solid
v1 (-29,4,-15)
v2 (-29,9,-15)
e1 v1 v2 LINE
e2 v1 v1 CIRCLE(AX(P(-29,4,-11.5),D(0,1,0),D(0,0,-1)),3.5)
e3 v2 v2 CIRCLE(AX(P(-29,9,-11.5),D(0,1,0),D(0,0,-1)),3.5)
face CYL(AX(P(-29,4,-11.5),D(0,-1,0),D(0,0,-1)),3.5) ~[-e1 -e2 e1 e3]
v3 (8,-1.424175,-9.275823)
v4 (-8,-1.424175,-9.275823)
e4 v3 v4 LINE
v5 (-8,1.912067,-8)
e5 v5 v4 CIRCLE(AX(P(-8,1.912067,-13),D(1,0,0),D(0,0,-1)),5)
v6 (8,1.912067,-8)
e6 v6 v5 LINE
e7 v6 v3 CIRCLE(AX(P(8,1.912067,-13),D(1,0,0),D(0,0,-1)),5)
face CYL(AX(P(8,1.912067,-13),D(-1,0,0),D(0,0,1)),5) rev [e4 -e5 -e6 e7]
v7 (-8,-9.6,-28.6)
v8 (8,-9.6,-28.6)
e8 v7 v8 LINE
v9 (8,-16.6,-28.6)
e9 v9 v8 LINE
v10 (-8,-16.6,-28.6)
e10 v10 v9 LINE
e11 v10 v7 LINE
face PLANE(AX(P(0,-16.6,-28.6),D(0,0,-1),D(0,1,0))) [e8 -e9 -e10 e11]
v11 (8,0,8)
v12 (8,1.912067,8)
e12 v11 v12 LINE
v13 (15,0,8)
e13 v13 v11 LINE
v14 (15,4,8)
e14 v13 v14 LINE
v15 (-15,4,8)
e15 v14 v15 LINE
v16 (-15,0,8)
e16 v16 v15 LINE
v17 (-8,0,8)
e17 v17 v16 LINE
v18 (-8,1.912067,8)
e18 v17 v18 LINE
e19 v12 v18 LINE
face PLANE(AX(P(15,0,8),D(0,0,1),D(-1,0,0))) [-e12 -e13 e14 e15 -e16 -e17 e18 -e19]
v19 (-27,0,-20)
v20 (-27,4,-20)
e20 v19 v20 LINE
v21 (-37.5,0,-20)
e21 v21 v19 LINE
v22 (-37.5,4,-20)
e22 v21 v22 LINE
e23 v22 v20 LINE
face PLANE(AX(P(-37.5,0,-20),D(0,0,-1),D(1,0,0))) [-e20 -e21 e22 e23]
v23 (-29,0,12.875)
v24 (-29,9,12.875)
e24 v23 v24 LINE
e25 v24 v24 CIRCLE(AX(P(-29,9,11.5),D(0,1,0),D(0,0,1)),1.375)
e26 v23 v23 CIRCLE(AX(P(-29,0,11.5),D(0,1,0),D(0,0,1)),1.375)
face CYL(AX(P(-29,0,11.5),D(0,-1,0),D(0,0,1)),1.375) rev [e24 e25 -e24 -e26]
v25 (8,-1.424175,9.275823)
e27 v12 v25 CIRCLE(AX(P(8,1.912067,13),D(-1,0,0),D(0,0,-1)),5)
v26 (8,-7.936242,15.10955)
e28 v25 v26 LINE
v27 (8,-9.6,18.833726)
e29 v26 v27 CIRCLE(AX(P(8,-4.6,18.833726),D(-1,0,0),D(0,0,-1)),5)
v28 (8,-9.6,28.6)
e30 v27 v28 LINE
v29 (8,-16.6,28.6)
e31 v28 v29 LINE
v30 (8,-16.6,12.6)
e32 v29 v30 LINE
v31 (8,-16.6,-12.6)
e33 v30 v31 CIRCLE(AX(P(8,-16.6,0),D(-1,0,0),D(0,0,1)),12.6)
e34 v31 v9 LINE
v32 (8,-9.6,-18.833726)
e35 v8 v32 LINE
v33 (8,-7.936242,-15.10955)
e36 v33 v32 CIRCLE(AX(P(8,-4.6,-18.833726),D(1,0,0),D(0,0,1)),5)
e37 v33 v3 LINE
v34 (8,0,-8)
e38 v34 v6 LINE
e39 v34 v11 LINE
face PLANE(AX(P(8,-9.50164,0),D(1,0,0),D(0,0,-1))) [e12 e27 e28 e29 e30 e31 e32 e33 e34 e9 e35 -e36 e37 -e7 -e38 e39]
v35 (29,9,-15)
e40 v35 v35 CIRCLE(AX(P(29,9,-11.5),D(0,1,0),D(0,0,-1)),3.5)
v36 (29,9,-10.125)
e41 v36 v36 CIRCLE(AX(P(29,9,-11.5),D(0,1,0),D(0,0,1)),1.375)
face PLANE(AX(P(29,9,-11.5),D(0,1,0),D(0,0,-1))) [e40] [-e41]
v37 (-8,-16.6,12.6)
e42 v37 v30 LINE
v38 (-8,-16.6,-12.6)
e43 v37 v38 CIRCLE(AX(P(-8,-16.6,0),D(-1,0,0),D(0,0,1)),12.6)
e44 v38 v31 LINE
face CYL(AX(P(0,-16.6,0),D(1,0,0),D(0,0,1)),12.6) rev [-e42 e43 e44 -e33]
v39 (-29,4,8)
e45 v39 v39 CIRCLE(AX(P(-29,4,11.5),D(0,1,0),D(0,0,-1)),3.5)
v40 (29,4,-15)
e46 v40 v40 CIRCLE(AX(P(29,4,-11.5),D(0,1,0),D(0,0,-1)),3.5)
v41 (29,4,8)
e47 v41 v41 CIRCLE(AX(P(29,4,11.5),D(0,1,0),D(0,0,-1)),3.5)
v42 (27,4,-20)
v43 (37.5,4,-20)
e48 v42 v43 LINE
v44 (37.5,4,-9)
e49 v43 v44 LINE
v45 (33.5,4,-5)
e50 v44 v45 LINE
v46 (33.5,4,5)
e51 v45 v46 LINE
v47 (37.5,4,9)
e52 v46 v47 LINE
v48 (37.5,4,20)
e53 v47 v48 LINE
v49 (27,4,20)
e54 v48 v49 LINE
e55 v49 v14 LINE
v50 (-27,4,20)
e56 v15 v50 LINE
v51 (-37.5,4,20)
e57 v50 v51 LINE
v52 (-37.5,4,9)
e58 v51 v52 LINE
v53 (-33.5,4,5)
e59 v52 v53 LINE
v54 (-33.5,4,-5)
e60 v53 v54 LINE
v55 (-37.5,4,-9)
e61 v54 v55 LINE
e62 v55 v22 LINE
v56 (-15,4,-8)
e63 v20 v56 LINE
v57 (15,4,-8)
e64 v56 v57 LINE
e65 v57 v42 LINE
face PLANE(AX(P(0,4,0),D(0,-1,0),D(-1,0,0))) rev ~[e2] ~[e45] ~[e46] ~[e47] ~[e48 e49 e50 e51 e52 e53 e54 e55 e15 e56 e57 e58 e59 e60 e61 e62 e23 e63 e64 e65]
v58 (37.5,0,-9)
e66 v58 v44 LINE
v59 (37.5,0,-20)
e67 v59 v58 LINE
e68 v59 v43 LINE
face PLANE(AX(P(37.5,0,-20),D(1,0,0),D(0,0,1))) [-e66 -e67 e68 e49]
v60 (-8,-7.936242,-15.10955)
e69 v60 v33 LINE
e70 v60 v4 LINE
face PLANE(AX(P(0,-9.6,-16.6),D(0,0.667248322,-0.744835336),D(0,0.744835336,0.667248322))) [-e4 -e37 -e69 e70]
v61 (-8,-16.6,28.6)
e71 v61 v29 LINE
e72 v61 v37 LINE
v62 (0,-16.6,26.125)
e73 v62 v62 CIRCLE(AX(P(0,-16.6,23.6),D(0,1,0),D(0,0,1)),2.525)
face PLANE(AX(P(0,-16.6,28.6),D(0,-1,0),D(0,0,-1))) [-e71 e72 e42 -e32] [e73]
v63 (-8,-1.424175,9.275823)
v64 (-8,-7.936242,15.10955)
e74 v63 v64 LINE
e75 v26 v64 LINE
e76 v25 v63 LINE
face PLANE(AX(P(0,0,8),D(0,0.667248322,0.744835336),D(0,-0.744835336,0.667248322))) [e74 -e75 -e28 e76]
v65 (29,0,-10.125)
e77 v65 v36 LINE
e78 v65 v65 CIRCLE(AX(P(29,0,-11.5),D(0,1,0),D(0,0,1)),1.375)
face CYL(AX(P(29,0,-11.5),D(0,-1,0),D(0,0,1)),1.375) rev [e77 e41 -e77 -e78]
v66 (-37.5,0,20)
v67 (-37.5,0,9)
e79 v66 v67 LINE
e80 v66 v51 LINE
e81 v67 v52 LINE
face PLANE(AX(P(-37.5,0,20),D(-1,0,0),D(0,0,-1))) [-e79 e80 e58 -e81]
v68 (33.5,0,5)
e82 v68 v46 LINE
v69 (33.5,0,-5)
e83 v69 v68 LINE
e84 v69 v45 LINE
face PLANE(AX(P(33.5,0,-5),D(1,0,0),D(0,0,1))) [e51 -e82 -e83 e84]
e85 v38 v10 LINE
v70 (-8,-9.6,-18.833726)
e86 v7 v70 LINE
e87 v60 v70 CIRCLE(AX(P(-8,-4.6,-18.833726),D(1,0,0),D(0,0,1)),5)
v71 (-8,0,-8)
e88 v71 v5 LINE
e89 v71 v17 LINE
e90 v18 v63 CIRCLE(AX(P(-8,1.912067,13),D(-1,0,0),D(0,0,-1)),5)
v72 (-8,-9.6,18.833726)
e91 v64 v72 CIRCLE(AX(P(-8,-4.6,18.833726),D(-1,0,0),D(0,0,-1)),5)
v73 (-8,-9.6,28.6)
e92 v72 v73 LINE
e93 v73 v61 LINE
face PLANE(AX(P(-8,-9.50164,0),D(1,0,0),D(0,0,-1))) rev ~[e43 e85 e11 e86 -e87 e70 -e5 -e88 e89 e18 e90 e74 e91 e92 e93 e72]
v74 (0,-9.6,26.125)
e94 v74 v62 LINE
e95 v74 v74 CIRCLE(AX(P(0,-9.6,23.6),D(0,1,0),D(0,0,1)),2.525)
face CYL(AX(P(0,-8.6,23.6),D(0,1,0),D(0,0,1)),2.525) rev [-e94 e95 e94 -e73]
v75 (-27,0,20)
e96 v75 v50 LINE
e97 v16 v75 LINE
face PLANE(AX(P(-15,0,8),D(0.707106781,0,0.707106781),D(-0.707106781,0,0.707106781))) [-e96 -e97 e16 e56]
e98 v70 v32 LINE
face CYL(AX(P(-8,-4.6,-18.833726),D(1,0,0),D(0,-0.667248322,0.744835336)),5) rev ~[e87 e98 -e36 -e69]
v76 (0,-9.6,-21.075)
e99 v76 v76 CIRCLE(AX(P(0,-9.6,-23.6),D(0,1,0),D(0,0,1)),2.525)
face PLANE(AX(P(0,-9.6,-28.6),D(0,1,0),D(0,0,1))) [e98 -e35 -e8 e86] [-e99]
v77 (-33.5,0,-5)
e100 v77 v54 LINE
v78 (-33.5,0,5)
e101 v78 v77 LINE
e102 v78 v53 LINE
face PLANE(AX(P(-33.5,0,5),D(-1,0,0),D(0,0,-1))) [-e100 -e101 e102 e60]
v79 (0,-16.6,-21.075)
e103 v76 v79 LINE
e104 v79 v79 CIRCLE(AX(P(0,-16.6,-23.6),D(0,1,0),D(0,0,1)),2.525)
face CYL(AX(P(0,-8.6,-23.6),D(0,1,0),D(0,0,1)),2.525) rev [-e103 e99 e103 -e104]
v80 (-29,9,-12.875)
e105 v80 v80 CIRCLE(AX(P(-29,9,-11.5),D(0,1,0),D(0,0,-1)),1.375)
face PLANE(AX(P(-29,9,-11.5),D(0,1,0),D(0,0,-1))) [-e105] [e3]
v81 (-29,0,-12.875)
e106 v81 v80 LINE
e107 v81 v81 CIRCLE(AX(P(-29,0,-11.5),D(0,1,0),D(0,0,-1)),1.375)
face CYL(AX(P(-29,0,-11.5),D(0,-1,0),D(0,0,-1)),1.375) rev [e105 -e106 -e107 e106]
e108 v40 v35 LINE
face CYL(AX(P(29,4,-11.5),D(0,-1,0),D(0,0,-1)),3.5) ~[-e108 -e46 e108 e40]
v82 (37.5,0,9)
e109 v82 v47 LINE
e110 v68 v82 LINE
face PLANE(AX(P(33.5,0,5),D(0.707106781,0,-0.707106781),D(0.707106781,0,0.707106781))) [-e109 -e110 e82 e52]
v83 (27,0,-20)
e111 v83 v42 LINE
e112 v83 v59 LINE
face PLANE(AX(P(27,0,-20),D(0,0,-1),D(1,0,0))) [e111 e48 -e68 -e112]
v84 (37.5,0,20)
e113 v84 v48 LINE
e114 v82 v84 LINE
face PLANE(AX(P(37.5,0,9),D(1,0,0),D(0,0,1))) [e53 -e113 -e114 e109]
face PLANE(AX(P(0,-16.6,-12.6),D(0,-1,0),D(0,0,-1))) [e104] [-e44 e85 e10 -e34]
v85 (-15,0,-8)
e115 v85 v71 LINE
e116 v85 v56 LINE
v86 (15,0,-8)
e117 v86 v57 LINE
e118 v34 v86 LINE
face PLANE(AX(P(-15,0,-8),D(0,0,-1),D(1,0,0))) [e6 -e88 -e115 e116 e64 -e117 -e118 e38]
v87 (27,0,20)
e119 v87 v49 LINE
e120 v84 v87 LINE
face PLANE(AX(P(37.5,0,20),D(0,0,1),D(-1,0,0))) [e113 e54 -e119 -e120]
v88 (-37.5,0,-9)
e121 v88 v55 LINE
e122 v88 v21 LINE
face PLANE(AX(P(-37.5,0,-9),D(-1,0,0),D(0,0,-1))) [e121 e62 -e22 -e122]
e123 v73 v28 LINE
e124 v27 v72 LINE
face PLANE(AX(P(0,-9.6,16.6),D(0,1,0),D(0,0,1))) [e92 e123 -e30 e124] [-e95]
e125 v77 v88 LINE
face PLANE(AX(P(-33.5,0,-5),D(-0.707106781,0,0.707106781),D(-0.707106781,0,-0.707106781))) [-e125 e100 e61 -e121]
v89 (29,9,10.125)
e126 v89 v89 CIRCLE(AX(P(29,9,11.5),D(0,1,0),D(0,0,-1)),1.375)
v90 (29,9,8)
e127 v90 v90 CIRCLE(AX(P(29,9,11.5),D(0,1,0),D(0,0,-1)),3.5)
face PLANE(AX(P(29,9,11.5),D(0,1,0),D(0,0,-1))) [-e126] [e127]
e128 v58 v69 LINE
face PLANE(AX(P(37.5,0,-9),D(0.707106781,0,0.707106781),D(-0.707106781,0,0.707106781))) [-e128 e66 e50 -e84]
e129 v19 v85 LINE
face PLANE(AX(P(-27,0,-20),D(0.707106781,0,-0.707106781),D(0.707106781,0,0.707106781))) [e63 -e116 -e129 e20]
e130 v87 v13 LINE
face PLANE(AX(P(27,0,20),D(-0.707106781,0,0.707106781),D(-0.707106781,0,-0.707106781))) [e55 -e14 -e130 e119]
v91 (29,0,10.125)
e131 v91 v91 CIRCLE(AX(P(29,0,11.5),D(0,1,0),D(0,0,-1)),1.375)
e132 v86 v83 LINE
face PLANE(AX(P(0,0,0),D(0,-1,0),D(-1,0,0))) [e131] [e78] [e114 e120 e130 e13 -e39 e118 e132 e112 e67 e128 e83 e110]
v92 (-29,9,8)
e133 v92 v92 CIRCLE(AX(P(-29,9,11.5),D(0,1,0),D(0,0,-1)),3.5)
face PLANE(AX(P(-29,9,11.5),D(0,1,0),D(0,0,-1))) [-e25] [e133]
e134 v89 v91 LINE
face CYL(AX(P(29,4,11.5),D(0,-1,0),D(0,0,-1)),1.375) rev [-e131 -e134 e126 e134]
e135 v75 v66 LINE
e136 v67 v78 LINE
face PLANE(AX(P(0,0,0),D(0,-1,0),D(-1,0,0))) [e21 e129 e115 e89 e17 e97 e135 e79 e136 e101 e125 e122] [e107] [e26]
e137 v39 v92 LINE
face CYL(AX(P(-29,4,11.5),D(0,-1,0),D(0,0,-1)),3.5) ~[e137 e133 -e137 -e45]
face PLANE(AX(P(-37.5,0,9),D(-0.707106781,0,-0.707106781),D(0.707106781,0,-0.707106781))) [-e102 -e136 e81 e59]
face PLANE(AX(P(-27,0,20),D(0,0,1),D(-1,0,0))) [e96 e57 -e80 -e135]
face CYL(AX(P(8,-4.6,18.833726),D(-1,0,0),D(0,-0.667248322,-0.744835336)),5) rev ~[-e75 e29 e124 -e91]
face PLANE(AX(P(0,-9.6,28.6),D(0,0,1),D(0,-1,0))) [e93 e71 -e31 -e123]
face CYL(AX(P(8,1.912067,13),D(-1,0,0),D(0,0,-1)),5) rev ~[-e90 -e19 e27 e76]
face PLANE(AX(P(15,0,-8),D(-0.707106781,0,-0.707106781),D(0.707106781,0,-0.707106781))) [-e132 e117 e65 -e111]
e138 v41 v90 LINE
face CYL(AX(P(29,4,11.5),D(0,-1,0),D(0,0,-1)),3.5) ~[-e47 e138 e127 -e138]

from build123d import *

# Parameters (mm, degrees)
SKETCH1_R                  = 1.375
MOUNT_PLATE_DEPTH          = 4
FEUSELAGE_MOUNT_DEPTH      = 8
SKETCH8_R                  = 3.5
SKETCH8_R_2                = 1.375
MOUNTING_HOLES_DEPTH       = 5
FASTENING_HOLES_DEPTH      = 54.661625022
FASTENING_HOLES_DEPTH_BACK = 8
SKETCH10_R                 = 2.525
FILLET1_R                  = 5


with BuildPart() as part:
    # Sketch1 → Mount_Plate (new body)
    with BuildSketch(Plane(origin=(0, 0, 0), x_dir=(1, 0, 0), z_dir=(0, 1, 0))):
        Polygon((37.5, 20), (37.5, 9), (33.5, 5), (33.5, -5), (37.5, -9), (37.5, -20), (27, -20), (15, -8), (-15, -8), (-27, -20), (-37.5, -20), (-37.5, -9), (-33.5, -5), (-33.5, 5), (-37.5, 9), (-37.5, 20), (-27, 20), (-15, 8), (15, 8), (27, 20), align=None)
        with Locations(Location((-29, -11.5, 0), (0, 0, 270))):
            Circle(SKETCH1_R, mode=Mode.SUBTRACT)
        with Locations(Location((-29, 11.5, 0), (0, 0, 90))):
            Circle(SKETCH1_R, mode=Mode.SUBTRACT)
        with Locations(Location((29, -11.5, 0), (0, 0, 90))):
            Circle(SKETCH1_R, mode=Mode.SUBTRACT)
        with Locations(Location((29, 11.5, 0), (0, 0, 270))):
            Circle(SKETCH1_R, mode=Mode.SUBTRACT)
    extrude(amount=MOUNT_PLATE_DEPTH)

    # Sketch4 → Feuselage_Mount (add, symmetric)
    with BuildSketch(Plane(origin=(0, 0, 0), x_dir=(0, 0, -1), z_dir=(1, 0, 0))):
        with BuildLine():
            Line((-16.6, -9.6), (-28.6, -9.6))
            Line((-28.6, -9.6), (-28.6, -16.6))
            Line((-28.6, -16.6), (-12.6, -16.6))
            ThreePointArc((-12.6, -16.6), (0, -4), (12.6, -16.6))
            Line((12.6, -16.6), (28.6, -16.6))
            Line((28.6, -16.6), (28.6, -9.6))
            Line((28.6, -9.6), (16.6, -9.6))
            Line((16.6, -9.6), (8, 0))
            Line((8, 0), (-8, 0))
            Line((-8, 0), (-16.6, -9.6))
        make_face()
    extrude(amount=FEUSELAGE_MOUNT_DEPTH, both=True)

    # Sketch8 → Mounting_Holes (add)
    # profile 1 of 4: a face of its own
    with BuildSketch(Plane(origin=(0, 4, 0), x_dir=(1, 0, 0), z_dir=(0, 1, 0))):
        with Locations(Location((29, -11.5, 0), (0, 0, 90))):
            Circle(SKETCH8_R)
        with Locations(Location((29, -11.5, 0), (0, 0, 90))):
            Circle(SKETCH8_R_2, mode=Mode.SUBTRACT)
    # profile 2 of 4: a face of its own
    with BuildSketch(Plane(origin=(0, 4, 0), x_dir=(1, 0, 0), z_dir=(0, 1, 0))):
        with Locations(Location((-29, 11.5, 0), (0, 0, 90))):
            Circle(SKETCH8_R)
        with Locations(Location((-29, 11.5, 0), (0, 0, 90))):
            Circle(SKETCH8_R_2, mode=Mode.SUBTRACT)
    # profile 3 of 4: a face of its own
    with BuildSketch(Plane(origin=(0, 4, 0), x_dir=(1, 0, 0), z_dir=(0, 1, 0))):
        with Locations(Location((-29, -11.5, 0), (0, 0, 90))):
            Circle(SKETCH8_R)
        with Locations(Location((-29, -11.5, 0), (0, 0, 270))):
            Circle(SKETCH8_R_2, mode=Mode.SUBTRACT)
    # profile 4 of 4: a face of its own
    with BuildSketch(Plane(origin=(0, 4, 0), x_dir=(1, 0, 0), z_dir=(0, 1, 0))):
        with Locations(Location((29, 11.5, 0), (0, 0, 90))):
            Circle(SKETCH8_R)
        with Locations(Location((29, 11.5, 0), (0, 0, 270))):
            Circle(SKETCH8_R_2, mode=Mode.SUBTRACT)
    extrude(amount=MOUNTING_HOLES_DEPTH)

    # Sketch10 → Fastening_Holes (cut, two sides: drawn at the far end of the back side and taken through both)
    with BuildSketch(Plane.XZ.offset(16.6).offset(-FASTENING_HOLES_DEPTH_BACK)):
        with Locations(Location((0, 23.6, 0), (0, 0, 90))):
            Circle(SKETCH10_R)
        with Locations(Location((0, -23.6, 0), (0, 0, 90))):
            Circle(SKETCH10_R)
    extrude(amount=FASTENING_HOLES_DEPTH + FASTENING_HOLES_DEPTH_BACK, mode=Mode.SUBTRACT)

    # Fillet1
    fillet1_edges = [part.edges().sort_by_distance(p)[0] for p in [
        (0, 0, 8),
        (0, -9.6, 16.6),
        (0, -9.6, -16.6),
        (0, 0, -8),
    ]]
    fillet(fillet1_edges, radius=FILLET1_R)


solid = part.part
